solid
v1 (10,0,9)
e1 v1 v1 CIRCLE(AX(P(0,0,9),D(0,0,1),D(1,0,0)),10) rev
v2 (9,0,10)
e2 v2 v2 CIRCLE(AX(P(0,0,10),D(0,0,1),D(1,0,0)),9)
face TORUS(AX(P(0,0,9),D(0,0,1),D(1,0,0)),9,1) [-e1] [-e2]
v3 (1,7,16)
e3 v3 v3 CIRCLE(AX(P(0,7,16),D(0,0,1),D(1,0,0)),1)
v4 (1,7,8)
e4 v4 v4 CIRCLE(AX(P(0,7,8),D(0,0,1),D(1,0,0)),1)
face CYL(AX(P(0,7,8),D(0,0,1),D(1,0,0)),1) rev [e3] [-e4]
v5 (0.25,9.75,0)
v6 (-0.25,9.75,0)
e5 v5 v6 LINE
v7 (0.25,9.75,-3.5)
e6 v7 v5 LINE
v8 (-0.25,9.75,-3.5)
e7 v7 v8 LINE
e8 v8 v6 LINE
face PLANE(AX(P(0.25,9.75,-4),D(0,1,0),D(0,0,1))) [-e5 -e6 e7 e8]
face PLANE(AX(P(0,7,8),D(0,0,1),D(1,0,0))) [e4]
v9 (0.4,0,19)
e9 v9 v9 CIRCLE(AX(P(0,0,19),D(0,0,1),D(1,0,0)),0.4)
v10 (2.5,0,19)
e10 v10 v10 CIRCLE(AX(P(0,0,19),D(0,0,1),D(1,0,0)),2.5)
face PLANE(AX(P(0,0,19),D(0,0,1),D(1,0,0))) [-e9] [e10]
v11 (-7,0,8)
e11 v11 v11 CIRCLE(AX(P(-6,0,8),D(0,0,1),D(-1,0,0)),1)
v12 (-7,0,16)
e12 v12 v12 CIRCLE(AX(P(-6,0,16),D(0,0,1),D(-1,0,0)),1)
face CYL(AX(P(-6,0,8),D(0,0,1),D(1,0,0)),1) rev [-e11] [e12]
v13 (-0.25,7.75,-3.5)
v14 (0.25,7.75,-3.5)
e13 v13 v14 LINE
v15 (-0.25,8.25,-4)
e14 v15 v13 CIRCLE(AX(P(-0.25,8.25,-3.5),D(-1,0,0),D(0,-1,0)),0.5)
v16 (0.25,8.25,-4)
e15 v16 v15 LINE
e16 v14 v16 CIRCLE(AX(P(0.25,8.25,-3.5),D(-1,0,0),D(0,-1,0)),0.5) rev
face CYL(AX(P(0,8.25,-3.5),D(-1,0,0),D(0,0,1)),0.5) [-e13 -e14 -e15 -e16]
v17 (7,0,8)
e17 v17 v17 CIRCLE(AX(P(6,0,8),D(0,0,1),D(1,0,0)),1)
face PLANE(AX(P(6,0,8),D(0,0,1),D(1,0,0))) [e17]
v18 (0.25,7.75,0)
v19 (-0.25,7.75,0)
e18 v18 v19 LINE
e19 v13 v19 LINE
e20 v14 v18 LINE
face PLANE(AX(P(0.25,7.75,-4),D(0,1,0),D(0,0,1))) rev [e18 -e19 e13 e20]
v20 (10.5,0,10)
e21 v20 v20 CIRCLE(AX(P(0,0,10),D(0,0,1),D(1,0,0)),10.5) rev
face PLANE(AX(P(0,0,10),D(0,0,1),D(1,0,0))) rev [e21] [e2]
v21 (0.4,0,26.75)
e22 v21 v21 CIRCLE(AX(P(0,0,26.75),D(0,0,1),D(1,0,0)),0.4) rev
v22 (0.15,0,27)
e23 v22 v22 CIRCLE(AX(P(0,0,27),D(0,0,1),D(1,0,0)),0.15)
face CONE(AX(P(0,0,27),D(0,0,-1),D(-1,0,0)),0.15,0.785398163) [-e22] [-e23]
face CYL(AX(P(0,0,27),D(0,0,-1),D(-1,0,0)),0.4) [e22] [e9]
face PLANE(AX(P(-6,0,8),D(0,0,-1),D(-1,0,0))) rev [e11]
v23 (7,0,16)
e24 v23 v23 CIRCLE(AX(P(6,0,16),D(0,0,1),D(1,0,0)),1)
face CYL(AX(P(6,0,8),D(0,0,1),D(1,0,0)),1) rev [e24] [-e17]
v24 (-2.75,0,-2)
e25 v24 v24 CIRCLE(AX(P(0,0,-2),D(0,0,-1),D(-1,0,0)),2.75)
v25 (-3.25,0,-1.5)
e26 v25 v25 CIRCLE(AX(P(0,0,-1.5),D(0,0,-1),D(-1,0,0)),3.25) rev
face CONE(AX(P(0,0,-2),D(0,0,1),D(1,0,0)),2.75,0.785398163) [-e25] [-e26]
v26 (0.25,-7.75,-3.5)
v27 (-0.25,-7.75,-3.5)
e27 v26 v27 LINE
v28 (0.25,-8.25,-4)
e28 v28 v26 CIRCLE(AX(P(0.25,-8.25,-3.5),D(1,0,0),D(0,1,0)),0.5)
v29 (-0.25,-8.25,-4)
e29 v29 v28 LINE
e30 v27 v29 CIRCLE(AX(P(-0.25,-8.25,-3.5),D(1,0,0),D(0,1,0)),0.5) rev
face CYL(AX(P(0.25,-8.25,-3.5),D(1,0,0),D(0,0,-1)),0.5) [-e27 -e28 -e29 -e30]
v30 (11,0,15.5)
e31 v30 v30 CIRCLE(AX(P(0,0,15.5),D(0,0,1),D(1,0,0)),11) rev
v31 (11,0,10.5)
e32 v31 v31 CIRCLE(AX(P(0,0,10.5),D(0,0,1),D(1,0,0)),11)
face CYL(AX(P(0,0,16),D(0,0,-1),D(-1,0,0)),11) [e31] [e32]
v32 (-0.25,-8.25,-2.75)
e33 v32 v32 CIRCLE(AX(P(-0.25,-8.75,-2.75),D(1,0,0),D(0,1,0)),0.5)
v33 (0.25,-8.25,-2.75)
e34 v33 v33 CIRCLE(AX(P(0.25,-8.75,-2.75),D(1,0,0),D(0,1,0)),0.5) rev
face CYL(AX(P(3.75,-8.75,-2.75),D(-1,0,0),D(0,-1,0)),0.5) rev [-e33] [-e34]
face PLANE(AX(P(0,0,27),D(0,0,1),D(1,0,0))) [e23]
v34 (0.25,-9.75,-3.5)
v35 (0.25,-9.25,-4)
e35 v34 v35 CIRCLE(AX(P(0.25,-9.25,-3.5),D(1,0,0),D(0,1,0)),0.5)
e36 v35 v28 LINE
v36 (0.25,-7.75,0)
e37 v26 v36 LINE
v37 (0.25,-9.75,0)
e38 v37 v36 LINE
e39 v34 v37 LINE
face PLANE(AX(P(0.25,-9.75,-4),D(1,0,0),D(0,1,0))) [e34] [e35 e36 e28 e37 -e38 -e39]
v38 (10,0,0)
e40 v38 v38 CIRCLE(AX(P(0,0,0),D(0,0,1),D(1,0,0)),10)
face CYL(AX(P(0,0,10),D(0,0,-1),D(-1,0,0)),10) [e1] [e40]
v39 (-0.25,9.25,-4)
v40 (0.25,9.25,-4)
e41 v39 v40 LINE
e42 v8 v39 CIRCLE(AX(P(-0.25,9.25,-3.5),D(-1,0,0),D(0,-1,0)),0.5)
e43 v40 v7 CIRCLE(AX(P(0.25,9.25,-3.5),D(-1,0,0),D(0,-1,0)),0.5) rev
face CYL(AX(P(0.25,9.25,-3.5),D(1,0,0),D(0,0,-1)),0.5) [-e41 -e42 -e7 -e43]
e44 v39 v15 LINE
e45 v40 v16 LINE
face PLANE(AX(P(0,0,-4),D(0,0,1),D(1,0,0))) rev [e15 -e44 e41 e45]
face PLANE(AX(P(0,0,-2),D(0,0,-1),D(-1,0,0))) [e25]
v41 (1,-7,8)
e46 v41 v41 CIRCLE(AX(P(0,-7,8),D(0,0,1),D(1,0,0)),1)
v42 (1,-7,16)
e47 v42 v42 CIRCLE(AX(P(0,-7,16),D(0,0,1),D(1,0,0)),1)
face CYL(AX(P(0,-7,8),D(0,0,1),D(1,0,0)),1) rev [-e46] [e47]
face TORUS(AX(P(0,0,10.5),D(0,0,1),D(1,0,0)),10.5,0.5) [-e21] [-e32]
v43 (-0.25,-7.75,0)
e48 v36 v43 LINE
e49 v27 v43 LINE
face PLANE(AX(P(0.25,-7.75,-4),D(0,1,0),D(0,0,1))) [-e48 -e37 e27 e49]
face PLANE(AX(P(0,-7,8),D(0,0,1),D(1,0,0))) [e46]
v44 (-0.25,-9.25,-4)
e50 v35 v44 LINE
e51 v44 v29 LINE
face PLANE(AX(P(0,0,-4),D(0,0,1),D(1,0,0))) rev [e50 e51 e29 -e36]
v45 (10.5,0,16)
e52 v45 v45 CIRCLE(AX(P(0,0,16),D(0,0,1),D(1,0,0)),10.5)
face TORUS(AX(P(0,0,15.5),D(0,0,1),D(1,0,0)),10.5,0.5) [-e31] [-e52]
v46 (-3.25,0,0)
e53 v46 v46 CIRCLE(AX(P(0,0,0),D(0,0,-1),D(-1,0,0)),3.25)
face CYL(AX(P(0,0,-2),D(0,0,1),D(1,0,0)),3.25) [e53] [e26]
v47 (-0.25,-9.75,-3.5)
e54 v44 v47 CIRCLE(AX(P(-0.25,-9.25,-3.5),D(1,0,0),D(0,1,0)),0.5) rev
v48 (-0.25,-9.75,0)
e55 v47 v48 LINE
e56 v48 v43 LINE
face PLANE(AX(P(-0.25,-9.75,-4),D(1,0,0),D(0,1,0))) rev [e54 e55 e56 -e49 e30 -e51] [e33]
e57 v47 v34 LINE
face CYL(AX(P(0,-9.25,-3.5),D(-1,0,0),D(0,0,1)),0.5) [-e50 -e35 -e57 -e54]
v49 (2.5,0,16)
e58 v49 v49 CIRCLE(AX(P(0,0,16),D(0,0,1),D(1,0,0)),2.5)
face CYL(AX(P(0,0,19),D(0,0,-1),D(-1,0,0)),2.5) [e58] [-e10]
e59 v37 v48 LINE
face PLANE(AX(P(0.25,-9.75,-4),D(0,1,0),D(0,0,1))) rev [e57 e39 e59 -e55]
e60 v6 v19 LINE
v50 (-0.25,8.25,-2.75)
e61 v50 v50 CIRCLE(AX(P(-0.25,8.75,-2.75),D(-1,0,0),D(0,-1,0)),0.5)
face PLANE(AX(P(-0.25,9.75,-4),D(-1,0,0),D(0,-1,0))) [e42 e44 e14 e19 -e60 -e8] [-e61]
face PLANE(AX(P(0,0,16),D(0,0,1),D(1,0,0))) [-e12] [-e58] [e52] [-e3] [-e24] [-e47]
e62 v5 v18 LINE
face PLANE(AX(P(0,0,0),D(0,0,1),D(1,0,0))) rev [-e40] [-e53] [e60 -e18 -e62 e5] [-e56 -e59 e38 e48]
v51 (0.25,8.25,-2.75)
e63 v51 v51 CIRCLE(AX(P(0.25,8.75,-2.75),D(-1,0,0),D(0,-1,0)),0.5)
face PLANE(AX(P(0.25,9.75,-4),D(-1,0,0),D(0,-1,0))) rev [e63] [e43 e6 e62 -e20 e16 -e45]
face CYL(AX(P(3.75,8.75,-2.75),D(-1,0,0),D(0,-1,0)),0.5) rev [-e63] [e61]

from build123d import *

# Parameters (mm, degrees)
SKETCH1_R            = 10
BOSS_EXTRUDE1_DEPTH  = 10
FILLET1_R            = 1
SKETCH2_R            = 3.25
BOSS_EXTRUDE2_DEPTH  = 2
SKETCH3_W            = 0.5
SKETCH3_H            = 2
BOSS_EXTRUDE4_DEPTH  = 4
SKETCH5_R            = 0.5
CUT_EXTRUDE2_DEPTH   = 4
FILLET3_R            = 0.5
FILLET3_OF_MIRROR2_R = 0.5
SKETCH6_R            = 11
BOSS_EXTRUDE5_DEPTH  = 6
FILLET4_R            = 0.5
SKETCH7_R            = 2.5
BOSS_EXTRUDE6_DEPTH  = 3
SKETCH8_R            = 0.4
BOSS_EXTRUDE7_DEPTH  = 8
CHAMFER1_SIZE        = 0.5
CHAMFER2_SIZE        = 0.25
SKETCH16_R           = 1
CUT_EXTRUDE3_DEPTH   = 8


with BuildPart() as part:
    # Sketch1 → Boss-Extrude1 (new body)
    with BuildSketch(Plane.XY):
        Circle(SKETCH1_R)
    extrude(amount=BOSS_EXTRUDE1_DEPTH)

    # Fillet1
    fillet1_edges = [part.edges().sort_by_distance(p)[0] for p in [
        (-10, 0, 10),
    ]]
    fillet(fillet1_edges, radius=FILLET1_R)

    # Sketch2 → Boss-Extrude2 (add)
    with BuildSketch(Plane(origin=(0, 0, 0), x_dir=(-1, 0, 0), z_dir=(0, 0, -1))):
        Circle(SKETCH2_R)
    extrude(amount=BOSS_EXTRUDE2_DEPTH)

    # Sketch3 → Boss-Extrude4 (add)
    with BuildSketch(Plane(origin=(0, 0, 0), x_dir=(-1, 0, 0), z_dir=(0, 0, -1))):
        with Locations((0, 8.75)):
            Rectangle(SKETCH3_W, SKETCH3_H)
    boss_extrude4 = extrude(amount=BOSS_EXTRUDE4_DEPTH)

    # Sketch5 → Cut-Extrude2 (cut)
    with BuildSketch(Plane.ZY.offset(0.25)):
        with Locations((-2.75, 8.75)):
            Circle(SKETCH5_R)
    cut_extrude2 = extrude(amount=-CUT_EXTRUDE2_DEPTH, mode=Mode.SUBTRACT)

    # Fillet3
    fillet3_edges = [part.edges().sort_by_distance(p)[0] for p in [
        (0, 7.75, -4),
        (0, 9.75, -4),
    ]]
    fillet(fillet3_edges, radius=FILLET3_R)

    # Mirror2: Boss-Extrude4, Cut-Extrude2 across plane
    add(boss_extrude4.mirror(Plane.ZX))
    add(cut_extrude2.mirror(Plane.ZX), mode=Mode.SUBTRACT)

    # Fillet3 of Mirror2
    fillet3_of_mirror2_edges = [part.edges().sort_by_distance(p)[0] for p in [
        (0, -7.75, -4),
        (0, -9.75, -4),
    ]]
    fillet(fillet3_of_mirror2_edges, radius=FILLET3_OF_MIRROR2_R)

    # Sketch6 → Boss-Extrude5 (add)
    with BuildSketch(Plane.XY.offset(10)):
        Circle(SKETCH6_R)
    extrude(amount=BOSS_EXTRUDE5_DEPTH)

    # Fillet4
    fillet4_edges = [part.edges().sort_by_distance(p)[0] for p in [
        (-11, 0, 16),
        (-11, 0, 10),
    ]]
    fillet(fillet4_edges, radius=FILLET4_R)

    # Sketch7 → Boss-Extrude6 (add)
    with BuildSketch(Plane.XY.offset(16)):
        Circle(SKETCH7_R)
    extrude(amount=BOSS_EXTRUDE6_DEPTH)

    # Sketch8 → Boss-Extrude7 (add)
    with BuildSketch(Plane.XY.offset(19)):
        Circle(SKETCH8_R)
    extrude(amount=BOSS_EXTRUDE7_DEPTH)

    # Chamfer1
    chamfer1_edges = [part.edges().sort_by_distance(p)[0] for p in [
        (3.25, 0, -2),
    ]]
    chamfer(chamfer1_edges, length=CHAMFER1_SIZE)

    # Chamfer2
    chamfer2_edges = [part.edges().sort_by_distance(p)[0] for p in [
        (-0.4, 0, 27),
    ]]
    chamfer(chamfer2_edges, length=CHAMFER2_SIZE)

    # Sketch16 → Cut-Extrude3 (cut)
    with BuildSketch(Plane.XY.offset(16)):
        with Locations((0, 7)):
            Circle(SKETCH16_R)
        with Locations((0, -7)):
            Circle(SKETCH16_R)
        with Locations((6, 0)):
            Circle(SKETCH16_R)
        with Locations((-6, 0)):
            Circle(SKETCH16_R)
    extrude(amount=-CUT_EXTRUDE3_DEPTH, mode=Mode.SUBTRACT)


solid = part.part
